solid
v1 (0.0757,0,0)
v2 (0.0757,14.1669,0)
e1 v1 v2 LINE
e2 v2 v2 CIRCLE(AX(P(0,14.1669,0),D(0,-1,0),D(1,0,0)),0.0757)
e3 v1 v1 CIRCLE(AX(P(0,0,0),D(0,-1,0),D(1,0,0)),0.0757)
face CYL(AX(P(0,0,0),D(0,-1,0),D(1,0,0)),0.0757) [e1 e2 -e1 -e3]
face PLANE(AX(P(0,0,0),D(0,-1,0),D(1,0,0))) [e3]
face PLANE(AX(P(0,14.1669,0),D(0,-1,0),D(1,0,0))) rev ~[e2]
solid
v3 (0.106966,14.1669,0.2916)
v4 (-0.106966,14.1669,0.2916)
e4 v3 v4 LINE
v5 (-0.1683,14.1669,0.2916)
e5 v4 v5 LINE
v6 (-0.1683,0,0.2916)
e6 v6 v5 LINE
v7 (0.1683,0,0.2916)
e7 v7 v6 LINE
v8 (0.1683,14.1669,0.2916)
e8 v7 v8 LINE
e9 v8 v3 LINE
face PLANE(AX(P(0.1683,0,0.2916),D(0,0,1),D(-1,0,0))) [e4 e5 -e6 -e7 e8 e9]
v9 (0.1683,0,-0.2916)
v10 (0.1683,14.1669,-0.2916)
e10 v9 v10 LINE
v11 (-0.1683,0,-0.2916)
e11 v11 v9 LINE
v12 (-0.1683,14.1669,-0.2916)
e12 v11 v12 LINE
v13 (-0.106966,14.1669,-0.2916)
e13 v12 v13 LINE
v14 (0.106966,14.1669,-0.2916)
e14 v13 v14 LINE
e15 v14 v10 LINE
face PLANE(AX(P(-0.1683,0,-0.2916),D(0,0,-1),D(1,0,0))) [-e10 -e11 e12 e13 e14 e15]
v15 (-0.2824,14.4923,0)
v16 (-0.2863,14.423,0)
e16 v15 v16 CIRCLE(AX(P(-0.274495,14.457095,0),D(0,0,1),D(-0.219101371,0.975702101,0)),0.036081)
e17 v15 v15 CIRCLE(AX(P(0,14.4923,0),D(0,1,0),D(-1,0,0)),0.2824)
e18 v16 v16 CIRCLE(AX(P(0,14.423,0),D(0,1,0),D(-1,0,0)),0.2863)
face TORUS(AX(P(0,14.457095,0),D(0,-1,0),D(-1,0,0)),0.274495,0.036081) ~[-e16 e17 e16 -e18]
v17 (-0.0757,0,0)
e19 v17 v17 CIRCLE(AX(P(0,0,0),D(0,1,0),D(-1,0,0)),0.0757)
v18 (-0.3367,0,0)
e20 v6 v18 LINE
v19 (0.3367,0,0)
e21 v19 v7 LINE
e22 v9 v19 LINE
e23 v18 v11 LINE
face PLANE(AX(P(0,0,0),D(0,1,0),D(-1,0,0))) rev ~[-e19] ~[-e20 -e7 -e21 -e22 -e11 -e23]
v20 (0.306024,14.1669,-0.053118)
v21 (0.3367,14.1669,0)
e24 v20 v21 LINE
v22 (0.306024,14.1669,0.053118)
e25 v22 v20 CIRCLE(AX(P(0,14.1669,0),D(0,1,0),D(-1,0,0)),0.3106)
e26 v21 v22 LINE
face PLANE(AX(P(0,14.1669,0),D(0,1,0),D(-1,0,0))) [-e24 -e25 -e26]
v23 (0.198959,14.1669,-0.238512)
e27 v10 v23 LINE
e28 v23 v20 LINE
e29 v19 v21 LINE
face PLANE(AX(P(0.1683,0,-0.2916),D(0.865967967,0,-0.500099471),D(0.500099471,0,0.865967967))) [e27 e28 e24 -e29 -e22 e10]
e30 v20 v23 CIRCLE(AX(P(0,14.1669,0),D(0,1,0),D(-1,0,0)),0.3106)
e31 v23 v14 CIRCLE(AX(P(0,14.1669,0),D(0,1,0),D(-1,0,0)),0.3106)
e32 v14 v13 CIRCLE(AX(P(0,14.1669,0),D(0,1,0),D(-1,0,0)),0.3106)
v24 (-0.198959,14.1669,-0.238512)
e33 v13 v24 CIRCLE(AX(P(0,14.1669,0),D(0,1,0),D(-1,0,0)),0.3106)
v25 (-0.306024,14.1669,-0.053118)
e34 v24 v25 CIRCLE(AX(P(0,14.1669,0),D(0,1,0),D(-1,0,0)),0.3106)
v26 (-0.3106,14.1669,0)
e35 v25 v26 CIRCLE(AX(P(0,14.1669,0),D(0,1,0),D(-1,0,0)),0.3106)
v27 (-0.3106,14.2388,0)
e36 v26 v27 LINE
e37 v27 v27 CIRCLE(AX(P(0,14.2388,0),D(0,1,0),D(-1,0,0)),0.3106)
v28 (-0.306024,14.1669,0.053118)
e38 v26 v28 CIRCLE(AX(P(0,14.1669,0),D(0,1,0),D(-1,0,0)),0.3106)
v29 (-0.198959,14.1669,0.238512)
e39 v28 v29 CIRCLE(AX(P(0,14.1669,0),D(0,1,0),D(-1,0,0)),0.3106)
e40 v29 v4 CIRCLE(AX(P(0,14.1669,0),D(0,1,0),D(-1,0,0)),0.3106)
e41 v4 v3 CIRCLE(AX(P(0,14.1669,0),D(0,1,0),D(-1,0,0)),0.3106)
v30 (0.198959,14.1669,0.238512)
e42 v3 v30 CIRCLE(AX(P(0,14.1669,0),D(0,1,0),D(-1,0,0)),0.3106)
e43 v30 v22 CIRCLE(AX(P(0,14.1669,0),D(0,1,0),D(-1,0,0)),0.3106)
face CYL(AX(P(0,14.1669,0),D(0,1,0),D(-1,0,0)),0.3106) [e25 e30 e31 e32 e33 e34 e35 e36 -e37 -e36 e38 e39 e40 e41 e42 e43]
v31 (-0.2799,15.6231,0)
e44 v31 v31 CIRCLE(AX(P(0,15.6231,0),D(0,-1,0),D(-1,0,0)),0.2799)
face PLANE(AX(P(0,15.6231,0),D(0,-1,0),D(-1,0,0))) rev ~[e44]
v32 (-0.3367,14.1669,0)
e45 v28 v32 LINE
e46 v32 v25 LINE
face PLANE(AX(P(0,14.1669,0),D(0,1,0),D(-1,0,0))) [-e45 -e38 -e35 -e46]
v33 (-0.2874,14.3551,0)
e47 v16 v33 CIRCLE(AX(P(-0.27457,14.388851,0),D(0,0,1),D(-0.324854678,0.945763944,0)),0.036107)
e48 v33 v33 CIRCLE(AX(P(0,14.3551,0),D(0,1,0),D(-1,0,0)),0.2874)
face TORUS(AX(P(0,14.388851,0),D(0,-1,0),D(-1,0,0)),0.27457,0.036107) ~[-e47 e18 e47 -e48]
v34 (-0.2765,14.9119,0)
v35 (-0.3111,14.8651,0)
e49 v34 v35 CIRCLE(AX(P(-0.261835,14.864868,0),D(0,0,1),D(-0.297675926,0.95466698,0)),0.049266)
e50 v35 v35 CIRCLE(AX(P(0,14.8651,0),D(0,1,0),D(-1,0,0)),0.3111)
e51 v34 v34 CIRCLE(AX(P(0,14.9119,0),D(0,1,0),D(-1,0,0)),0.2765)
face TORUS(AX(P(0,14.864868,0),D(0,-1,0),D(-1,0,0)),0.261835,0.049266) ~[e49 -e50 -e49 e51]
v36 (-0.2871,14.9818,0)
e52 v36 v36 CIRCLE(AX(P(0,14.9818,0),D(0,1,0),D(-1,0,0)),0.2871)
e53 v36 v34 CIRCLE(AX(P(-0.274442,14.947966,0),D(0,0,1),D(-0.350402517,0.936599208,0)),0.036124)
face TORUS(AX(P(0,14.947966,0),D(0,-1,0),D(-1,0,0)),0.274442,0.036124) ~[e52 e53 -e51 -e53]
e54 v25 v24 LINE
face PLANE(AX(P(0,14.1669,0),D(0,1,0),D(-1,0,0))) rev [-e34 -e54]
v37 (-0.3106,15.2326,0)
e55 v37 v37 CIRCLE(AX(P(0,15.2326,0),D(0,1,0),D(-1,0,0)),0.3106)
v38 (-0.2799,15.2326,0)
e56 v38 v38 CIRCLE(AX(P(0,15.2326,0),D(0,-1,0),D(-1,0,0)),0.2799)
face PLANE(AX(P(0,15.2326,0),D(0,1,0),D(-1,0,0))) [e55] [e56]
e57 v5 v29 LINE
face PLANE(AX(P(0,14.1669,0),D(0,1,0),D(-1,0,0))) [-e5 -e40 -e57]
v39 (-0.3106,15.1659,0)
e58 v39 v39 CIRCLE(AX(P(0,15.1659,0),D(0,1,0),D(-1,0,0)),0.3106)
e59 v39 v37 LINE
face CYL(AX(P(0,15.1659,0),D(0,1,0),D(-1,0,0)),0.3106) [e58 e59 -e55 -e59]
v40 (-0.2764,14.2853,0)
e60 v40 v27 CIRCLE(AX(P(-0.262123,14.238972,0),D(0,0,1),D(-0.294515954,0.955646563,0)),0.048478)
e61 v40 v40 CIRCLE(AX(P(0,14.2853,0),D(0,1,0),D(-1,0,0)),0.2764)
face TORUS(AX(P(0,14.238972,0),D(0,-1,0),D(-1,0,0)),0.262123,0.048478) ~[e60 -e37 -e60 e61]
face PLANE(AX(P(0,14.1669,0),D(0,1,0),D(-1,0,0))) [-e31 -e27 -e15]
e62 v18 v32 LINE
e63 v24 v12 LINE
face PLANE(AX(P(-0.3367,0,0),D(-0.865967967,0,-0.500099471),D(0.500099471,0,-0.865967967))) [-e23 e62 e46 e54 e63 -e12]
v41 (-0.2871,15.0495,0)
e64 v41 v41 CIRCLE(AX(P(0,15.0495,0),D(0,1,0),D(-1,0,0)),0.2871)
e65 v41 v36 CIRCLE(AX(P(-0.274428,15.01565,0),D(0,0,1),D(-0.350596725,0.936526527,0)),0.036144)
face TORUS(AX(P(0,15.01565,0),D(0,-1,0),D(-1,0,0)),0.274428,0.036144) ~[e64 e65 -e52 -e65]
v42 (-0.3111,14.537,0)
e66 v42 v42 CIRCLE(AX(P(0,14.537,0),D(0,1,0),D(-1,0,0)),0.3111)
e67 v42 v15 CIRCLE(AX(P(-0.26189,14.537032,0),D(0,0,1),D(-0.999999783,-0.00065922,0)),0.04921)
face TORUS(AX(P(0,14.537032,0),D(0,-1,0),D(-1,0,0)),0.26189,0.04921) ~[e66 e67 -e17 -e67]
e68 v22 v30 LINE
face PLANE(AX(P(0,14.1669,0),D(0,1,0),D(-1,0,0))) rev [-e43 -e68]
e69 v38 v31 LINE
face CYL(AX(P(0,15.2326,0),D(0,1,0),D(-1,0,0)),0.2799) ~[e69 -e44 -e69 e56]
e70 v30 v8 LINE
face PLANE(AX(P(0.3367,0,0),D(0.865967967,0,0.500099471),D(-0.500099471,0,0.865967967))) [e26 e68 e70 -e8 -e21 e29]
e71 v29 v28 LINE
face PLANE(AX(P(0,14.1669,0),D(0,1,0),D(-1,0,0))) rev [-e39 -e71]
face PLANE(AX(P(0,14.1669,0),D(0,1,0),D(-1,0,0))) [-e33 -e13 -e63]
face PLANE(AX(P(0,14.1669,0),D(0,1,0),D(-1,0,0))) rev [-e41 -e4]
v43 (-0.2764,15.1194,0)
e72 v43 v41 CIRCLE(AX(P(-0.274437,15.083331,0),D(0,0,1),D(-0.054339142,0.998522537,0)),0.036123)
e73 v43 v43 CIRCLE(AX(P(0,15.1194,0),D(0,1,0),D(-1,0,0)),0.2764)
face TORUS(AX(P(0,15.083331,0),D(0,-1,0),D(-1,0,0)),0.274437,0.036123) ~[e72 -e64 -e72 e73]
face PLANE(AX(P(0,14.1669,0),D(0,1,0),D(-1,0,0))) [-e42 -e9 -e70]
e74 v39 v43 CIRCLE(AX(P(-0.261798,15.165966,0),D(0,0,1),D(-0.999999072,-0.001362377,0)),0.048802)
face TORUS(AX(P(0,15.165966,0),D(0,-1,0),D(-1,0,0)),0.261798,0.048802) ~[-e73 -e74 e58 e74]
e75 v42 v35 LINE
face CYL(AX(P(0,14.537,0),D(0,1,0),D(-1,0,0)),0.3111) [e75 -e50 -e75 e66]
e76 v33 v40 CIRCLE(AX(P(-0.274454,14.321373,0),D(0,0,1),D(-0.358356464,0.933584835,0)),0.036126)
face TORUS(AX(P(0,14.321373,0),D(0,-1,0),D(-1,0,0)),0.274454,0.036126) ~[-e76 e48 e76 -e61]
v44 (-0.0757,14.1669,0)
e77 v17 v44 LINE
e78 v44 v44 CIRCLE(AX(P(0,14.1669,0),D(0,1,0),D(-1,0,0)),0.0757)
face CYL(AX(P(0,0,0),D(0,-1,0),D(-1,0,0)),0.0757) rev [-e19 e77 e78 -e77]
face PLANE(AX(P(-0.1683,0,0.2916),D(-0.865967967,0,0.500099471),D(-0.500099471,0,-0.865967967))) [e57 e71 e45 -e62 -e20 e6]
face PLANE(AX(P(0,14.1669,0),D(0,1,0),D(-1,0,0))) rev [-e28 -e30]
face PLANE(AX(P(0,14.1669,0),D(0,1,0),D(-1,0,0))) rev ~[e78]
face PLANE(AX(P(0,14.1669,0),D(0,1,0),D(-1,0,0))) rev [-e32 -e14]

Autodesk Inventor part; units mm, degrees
ref_plane "YZ Plane" through (0, 0, 0) normal (1, 0, 0) x (0, 1, 0)
ref_plane "XZ Plane" through (0, 0, 0) normal (0, 1, 0) x (-1, 0, 0)
ref_plane "XY Plane" through (0, 0, 0) normal (0, 0, 1) x (1, 0, 0)
sketch "Sketch1" plane through (0, 0, 0) normal (0, 1, 0) x (-1, 0, 0)
  line L0 (0.1683, 0.2916) -> (0.3367, 0)
  line L1 (0.3367, 0) -> (0.1683, -0.2916)
  line L2 (0.1683, -0.2916) -> (-0.1683, -0.2916)
  line L3 (-0.1683, -0.2916) -> (-0.3367, 0)
  line L4 (-0.3367, 0) -> (-0.1683, 0.2916)
  line L5 (-0.1683, 0.2916) -> (0.1683, 0.2916)
  circle A0 centre (0, 0) radius 0.0757
  dimension "d0" = 0.5831
  dimension "d35" = 0.1513
extrude "wooden part of pencil" add sketch "Sketch1" along normal blind 14.1669
sketch "Sketch5" plane through (0, 0, 0) normal (0, -1, 0) x (1, 0, 0)
  circle A0 centre (0, 0) radius 0.0757
  dimension "d34" = 0.1513
extrude "pencil graphite" add sketch "Sketch5" against normal up to surface (14.1669 mm away) separate body
sketch "Sketch3" plane through (0, 0, 0) normal (0, 0, 1) x (1, 0, 0)
  line L0 (-0.1683, 14.1669) -> (0.1683, 14.1669) projected
  line L1 (0, 14.1669) -> (0, 15.2326)
  line L2 (0, 14.1669) -> (-0.3106, 14.1669)
  line L3 (-0.3106, 14.1669) -> (-0.3106, 14.2388)
  line L4 (-0.3111, 14.537) -> (-0.3111, 14.8651)
  line L5 (-0.3106, 15.1659) -> (-0.3106, 15.2326)
  line L6 (-0.3106, 15.2326) -> (0, 15.2326)
  line L7 (-0.3106, 14.2875) -> (-0.262, 14.2875) construction
  line L8 (-0.3106, 14.3552) -> (-0.262, 14.3552) construction
  line L9 (-0.3106, 14.423) -> (-0.262, 14.423) construction
  line L10 (-0.3106, 14.4907) -> (-0.262, 14.4907) construction
  line L11 (-0.3106, 14.914) -> (-0.262, 14.914) construction
  line L12 (-0.3111, 14.9818) -> (-0.2624, 14.9818) construction
  line L13 (-0.3106, 15.0495) -> (-0.262, 15.0495) construction
  line L14 (-0.3106, 15.1172) -> (-0.262, 15.1172) construction
  arc A0 (-0.2874, 14.3551) -> (-0.2764, 14.2853) centre (-0.2745, 14.3214) ccw
  arc A1 (-0.2863, 14.423) -> (-0.2874, 14.3551) centre (-0.2745, 14.3888) ccw
  arc A2 (-0.2824, 14.4923) -> (-0.2863, 14.423) centre (-0.2745, 14.4571) ccw
  arc A3 (-0.2871, 14.9818) -> (-0.2765, 14.9119) centre (-0.2745, 14.948) ccw
  arc A4 (-0.2871, 15.0495) -> (-0.2871, 14.9818) centre (-0.2745, 15.0157) ccw
  arc A5 (-0.2764, 15.1194) -> (-0.2871, 15.0495) centre (-0.2745, 15.0834) ccw
  arc A6 (-0.2764, 14.2853) -> (-0.3106, 14.2388) centre (-0.262, 14.2388) ccw
  line L15 (-0.262, 14.2388) -> (-0.262, 15.1172) construction
  arc A7 (-0.3111, 14.537) -> (-0.2824, 14.4923) centre (-0.262, 14.537) ccw
  arc A8 (-0.2765, 14.9119) -> (-0.3111, 14.8651) centre (-0.262, 14.8651) ccw
  arc A9 (-0.3106, 15.1659) -> (-0.2764, 15.1194) centre (-0.262, 15.1659) ccw
  line L16 (-0.262, 15.1172) -> (-0.262, 15.1749) construction
  line L17 (-0.2745, 14.3888) -> (-0.2745, 14.423)
  line L18 (-0.2745, 14.4571) -> (-0.2745, 14.423)
  line L19 (-0.2745, 14.3888) -> (-0.2745, 14.3552)
  line L20 (-0.2745, 14.3214) -> (-0.2745, 14.3552)
  point P0 (0, 0)
  dimension "d3" = 0.3106
  dimension "d4" = 0.1206
  dimension "d10" = 0.0487
  dimension "d13" = 0.0677
  dimension "d14" = 0.4233
  dimension "d15" = 0.1154
  dimension "d16" = 0.0487
  dimension "d17" = 0.072
  dimension "d18" = 0.0361
  dimension "d20" = 0.0339
  dimension "d21" = 0.0126
  dimension "d22" = 0.0677
  dimension "d23" = 0.0677
  dimension "d24" = 0.0677
  dimension "d25" = 0.0677
  dimension "d26" = 0.0677
  dimension "d27" = 0.0491
  dimension "d28" = 0.0463
  dimension "d29" = 0.049
revolve "connection for pencil and eraser" add sketch "Sketch3" angle 360 about axis through (0, 14.1669, 0) along (0, 1, 0) bodies 1
sketch "Sketch4" plane through (0, 0, 0) normal (0, 0, 1) x (1, 0, 0)
  line L0 (0.3106, 15.2326) -> (-0.3106, 15.2326) projected
  line L1 (0, 15.2326) -> (-0.2799, 15.2326)
  line L2 (-0.2799, 15.2326) -> (-0.2799, 15.6231)
  line L3 (-0.2799, 15.6231) -> (0, 15.6231)
  line L4 (0, 15.6231) -> (0, 15.2326)
  point P0 (0, 0)
  dimension "d31" = 0.2799
  dimension "d32" = 0.3905
revolve "eraser" add sketch "Sketch4" angle 360 about axis through (0, 15.6231, 0) along (0, -1, 0) bodies 1
equation "\"d22\" = d13"
equation "\"d23\" = d13"
equation "\"d24\" = d13"
equation "\"d25\" = d13"
equation "\"d26\" = d13"
properties part number "pencil (unsharpened)"
